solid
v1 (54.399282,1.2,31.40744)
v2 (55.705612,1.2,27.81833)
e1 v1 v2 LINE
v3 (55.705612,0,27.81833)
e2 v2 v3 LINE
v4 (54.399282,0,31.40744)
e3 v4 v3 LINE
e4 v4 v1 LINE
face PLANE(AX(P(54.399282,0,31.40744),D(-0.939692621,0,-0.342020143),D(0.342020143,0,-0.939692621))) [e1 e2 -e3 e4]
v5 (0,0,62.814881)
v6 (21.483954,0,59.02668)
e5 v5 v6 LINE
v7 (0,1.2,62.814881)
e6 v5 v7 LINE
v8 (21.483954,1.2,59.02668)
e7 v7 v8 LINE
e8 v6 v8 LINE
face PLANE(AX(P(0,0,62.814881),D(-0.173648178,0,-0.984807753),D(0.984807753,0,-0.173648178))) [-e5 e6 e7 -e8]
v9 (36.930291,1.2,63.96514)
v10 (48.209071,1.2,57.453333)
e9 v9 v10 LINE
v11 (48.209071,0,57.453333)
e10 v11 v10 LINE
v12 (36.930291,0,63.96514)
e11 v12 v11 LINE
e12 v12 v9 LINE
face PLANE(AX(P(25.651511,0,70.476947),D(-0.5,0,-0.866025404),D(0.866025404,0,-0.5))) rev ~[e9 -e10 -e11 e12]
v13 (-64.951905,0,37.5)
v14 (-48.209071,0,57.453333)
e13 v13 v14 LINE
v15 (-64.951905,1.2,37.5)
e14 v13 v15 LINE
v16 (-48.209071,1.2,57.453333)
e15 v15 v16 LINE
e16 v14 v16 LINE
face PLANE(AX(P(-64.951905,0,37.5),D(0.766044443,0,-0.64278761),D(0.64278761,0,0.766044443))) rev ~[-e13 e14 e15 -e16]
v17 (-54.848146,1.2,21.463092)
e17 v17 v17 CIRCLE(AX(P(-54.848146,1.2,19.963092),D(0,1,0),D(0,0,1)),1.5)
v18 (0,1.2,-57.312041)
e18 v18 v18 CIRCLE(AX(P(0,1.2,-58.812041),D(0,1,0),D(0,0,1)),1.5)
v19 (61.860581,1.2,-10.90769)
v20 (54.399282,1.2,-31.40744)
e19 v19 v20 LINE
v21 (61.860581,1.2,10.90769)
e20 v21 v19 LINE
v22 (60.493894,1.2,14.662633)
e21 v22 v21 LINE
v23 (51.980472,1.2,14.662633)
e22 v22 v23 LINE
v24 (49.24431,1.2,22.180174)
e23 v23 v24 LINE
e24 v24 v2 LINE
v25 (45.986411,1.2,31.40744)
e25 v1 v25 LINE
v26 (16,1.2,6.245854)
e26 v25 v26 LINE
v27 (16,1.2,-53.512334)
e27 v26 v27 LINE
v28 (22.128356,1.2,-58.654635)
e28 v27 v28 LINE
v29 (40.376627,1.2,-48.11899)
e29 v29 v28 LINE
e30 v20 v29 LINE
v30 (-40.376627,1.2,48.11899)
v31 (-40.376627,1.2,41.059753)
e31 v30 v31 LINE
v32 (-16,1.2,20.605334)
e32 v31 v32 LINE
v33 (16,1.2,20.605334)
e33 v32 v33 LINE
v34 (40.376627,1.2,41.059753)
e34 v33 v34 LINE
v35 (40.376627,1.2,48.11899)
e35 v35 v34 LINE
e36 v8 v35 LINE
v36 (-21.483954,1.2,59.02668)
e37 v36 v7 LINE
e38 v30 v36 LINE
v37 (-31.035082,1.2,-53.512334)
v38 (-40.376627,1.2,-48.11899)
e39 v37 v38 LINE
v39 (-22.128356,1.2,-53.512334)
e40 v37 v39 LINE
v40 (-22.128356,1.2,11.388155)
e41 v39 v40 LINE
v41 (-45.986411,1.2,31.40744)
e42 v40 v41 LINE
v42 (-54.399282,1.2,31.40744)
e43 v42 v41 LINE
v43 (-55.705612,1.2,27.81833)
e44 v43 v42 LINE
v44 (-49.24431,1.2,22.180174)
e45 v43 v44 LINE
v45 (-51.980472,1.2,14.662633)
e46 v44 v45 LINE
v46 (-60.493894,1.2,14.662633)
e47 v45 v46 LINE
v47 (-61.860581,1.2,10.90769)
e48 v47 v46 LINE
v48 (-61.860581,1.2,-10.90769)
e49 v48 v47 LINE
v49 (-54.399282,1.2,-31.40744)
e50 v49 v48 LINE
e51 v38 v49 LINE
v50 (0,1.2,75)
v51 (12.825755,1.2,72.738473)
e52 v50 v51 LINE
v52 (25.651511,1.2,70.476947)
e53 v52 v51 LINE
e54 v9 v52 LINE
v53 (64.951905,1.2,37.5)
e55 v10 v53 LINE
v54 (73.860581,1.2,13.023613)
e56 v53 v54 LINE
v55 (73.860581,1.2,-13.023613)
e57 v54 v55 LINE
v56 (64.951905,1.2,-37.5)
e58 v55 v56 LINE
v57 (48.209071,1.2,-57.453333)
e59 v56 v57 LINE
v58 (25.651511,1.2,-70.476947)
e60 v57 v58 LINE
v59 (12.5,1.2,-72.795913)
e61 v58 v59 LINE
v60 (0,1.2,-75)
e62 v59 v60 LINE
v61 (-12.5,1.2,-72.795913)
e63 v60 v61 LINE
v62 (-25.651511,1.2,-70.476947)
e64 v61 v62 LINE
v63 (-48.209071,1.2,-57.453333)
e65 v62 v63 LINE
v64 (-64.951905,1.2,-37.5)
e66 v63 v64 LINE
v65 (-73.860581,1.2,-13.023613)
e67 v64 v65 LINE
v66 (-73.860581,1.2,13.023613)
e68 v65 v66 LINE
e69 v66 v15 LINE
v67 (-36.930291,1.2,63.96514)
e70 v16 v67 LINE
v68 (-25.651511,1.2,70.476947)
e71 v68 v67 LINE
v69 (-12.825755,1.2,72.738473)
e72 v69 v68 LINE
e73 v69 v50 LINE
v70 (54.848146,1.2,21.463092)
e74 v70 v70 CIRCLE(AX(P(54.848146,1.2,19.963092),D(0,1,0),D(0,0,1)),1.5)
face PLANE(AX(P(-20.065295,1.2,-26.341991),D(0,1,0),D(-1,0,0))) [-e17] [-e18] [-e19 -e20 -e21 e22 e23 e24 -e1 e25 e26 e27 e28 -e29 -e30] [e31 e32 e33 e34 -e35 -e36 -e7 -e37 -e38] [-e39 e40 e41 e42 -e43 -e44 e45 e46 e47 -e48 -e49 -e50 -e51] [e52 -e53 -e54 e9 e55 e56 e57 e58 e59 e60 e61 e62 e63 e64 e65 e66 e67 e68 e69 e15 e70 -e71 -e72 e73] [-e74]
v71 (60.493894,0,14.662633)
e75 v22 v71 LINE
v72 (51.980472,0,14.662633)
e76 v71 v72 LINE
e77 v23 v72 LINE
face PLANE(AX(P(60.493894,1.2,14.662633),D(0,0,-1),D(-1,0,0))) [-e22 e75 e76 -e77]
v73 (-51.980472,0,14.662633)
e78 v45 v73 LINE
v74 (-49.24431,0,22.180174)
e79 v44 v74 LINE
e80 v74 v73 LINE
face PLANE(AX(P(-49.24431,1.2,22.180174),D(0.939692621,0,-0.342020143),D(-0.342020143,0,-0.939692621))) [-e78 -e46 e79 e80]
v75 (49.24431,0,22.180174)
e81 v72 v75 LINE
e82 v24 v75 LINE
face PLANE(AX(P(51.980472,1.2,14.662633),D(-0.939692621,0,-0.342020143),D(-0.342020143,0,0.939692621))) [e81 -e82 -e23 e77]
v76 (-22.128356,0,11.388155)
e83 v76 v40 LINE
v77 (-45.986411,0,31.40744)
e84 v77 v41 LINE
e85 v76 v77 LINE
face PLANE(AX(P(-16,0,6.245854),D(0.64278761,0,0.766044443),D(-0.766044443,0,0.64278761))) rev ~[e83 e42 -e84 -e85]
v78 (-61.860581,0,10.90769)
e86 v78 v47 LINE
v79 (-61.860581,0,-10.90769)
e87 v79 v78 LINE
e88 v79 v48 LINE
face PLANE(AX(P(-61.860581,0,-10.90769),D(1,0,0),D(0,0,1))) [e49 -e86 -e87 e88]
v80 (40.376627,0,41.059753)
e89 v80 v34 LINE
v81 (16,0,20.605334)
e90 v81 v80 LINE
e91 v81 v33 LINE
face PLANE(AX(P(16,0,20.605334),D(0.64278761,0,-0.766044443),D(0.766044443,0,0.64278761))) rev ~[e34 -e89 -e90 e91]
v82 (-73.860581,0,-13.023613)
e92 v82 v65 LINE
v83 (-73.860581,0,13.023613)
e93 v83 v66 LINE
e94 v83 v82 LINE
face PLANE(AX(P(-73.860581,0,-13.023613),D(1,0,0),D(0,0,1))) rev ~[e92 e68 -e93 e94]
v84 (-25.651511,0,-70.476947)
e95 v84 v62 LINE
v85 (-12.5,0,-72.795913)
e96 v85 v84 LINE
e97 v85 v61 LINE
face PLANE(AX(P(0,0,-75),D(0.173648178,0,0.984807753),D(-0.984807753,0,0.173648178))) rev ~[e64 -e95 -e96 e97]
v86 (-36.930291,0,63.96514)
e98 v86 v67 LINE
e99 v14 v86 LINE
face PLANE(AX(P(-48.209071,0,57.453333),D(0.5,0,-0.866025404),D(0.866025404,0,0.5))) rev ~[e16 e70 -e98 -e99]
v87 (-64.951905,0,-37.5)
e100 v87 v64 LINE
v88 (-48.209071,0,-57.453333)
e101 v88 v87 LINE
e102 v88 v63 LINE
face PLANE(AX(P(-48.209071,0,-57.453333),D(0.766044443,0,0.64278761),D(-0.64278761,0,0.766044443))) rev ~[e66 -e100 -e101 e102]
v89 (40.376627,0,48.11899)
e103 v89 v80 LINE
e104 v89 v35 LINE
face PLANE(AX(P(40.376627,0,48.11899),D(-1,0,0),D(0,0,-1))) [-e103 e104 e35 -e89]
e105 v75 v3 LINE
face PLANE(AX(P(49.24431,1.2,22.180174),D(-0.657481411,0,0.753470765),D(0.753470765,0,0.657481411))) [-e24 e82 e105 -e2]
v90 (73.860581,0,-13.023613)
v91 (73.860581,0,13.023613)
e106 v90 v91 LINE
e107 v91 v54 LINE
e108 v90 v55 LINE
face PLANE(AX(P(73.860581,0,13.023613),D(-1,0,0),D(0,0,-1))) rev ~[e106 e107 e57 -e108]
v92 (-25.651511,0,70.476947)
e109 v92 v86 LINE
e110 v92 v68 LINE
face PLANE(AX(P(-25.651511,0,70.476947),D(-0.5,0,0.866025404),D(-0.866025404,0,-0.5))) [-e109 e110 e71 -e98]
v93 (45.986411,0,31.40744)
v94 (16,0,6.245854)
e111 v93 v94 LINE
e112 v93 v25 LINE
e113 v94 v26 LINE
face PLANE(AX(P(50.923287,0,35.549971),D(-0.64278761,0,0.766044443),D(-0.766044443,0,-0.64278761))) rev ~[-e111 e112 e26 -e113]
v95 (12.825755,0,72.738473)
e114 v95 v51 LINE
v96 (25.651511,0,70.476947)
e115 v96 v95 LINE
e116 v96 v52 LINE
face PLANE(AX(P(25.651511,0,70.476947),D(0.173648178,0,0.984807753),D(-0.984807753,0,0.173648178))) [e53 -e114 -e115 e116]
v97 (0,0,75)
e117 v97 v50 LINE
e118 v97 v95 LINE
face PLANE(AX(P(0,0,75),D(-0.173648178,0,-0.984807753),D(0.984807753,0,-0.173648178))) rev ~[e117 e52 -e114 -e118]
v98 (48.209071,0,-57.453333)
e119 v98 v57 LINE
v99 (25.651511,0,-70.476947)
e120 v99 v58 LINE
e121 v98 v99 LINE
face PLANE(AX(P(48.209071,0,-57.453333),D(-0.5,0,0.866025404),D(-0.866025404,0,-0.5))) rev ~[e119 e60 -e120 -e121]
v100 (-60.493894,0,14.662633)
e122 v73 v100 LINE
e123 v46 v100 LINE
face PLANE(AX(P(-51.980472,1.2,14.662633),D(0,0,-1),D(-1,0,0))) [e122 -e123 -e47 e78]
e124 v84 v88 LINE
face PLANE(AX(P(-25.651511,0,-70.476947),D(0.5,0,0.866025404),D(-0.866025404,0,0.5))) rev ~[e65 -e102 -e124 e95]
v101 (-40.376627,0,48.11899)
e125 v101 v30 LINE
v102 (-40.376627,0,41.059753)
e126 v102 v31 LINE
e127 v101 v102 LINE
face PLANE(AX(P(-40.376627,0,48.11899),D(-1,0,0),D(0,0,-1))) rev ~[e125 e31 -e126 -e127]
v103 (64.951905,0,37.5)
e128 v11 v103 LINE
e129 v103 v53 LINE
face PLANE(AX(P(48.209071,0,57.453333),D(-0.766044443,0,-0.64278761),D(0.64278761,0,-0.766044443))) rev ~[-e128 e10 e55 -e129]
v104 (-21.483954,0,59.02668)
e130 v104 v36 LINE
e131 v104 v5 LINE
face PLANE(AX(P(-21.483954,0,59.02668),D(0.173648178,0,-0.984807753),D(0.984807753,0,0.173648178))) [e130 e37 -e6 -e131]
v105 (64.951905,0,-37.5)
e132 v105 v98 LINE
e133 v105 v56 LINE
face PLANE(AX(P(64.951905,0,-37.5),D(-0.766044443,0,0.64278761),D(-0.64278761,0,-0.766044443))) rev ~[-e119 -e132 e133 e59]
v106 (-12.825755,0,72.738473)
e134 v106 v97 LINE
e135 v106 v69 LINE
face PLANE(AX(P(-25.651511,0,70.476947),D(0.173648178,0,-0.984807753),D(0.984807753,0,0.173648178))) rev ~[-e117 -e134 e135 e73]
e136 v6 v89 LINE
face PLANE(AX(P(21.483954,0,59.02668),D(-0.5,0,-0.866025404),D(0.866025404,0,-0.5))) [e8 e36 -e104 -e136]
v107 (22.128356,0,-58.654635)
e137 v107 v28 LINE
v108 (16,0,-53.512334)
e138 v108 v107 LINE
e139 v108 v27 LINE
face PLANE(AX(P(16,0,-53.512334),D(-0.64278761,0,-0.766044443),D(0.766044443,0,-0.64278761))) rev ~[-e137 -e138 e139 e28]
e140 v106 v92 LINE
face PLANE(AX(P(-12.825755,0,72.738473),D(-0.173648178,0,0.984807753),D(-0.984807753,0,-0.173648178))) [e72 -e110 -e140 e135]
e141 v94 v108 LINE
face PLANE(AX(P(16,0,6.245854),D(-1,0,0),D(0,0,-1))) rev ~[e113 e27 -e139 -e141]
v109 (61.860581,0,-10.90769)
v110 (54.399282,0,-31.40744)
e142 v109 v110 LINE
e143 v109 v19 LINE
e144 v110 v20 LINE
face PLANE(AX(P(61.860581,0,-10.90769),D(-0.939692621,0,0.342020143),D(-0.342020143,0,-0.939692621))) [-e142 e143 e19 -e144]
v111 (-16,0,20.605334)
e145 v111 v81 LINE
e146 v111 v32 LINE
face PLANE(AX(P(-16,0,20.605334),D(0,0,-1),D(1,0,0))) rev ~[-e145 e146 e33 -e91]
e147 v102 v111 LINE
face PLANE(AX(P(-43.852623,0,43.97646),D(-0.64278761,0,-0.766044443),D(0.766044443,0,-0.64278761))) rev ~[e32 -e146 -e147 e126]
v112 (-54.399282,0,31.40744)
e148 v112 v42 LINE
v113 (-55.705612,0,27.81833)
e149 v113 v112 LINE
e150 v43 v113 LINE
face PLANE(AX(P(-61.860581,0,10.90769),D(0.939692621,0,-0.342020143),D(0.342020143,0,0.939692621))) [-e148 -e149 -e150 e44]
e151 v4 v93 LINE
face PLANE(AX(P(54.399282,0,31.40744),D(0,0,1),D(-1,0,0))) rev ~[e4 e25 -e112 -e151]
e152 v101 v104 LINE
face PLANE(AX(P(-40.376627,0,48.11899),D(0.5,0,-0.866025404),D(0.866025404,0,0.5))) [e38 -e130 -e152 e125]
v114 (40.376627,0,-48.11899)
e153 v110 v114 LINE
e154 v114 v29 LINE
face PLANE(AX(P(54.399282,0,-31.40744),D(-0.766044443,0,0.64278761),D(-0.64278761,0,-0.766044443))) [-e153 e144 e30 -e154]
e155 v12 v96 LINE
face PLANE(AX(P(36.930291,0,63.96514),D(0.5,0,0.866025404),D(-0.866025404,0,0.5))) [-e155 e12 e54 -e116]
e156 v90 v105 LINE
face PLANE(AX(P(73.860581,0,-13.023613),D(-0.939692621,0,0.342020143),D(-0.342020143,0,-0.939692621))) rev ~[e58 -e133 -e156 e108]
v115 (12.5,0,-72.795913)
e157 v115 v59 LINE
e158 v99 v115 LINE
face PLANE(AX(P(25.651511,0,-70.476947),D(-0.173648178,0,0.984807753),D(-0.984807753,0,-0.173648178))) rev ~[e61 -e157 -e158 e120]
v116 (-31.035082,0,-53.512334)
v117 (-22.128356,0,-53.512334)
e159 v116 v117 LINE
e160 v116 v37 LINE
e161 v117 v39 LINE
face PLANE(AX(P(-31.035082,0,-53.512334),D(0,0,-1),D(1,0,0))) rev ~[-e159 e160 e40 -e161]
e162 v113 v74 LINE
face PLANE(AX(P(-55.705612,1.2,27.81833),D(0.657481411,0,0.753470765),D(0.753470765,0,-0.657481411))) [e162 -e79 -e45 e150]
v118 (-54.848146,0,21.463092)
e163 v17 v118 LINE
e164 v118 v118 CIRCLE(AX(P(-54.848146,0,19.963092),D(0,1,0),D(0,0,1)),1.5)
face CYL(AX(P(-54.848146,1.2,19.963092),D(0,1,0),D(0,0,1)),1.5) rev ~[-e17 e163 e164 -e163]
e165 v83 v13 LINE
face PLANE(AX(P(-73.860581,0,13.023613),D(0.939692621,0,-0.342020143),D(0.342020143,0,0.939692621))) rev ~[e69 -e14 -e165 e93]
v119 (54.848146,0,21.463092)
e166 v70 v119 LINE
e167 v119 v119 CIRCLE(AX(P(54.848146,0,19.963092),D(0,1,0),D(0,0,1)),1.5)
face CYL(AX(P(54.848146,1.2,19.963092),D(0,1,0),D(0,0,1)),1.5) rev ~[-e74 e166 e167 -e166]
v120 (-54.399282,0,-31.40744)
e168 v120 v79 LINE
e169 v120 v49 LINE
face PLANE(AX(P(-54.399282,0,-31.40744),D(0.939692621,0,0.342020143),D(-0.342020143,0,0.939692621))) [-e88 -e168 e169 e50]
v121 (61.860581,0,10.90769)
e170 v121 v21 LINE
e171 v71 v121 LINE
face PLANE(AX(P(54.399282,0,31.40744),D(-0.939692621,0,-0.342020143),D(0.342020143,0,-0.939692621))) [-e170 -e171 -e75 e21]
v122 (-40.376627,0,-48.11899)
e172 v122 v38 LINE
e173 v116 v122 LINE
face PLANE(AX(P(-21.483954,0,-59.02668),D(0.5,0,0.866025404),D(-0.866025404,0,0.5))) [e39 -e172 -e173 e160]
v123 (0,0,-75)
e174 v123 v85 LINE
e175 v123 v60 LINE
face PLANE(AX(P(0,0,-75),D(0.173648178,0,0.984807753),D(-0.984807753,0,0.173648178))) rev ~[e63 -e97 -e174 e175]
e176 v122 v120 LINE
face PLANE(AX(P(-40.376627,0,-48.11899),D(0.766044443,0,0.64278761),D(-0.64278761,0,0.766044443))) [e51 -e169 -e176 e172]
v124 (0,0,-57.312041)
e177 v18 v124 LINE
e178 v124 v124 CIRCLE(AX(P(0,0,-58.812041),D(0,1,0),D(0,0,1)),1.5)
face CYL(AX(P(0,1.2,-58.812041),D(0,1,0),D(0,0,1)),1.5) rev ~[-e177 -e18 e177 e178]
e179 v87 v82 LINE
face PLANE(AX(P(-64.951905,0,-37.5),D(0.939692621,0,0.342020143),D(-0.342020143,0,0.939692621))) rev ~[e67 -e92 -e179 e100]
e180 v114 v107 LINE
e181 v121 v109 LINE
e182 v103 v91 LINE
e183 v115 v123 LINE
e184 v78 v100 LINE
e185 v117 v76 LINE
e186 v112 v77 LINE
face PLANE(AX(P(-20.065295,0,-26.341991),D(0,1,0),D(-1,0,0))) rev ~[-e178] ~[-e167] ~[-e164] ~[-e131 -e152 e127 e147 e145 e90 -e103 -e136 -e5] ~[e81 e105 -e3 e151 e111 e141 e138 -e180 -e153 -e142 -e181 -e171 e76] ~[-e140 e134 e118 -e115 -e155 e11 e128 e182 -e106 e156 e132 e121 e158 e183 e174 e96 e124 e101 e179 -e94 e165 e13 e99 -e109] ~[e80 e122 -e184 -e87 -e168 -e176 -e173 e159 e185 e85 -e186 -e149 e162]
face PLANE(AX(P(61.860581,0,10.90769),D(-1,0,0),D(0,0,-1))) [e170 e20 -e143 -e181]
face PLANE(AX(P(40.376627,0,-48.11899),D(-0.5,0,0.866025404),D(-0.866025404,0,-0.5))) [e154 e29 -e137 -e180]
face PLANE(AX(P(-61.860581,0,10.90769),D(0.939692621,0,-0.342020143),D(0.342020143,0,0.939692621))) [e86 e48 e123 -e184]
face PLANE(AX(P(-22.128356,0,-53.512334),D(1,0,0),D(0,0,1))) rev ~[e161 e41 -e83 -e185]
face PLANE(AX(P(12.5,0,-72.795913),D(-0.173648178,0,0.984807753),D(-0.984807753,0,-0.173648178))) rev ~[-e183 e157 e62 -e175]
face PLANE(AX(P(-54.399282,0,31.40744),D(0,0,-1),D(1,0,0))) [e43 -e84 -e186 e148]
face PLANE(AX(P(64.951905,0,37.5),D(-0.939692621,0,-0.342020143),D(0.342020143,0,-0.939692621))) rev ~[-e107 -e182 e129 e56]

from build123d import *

# Parameters (mm, degrees)
BOSS_EXTRUDE1_DEPTH    = 1.2
BOSS_EXTRUDE17_DEPTH   = 1.2
BOSS_EXTRUDE17_2_DEPTH = 1.2
BOSS_EXTRUDE17_3_DEPTH = 1.2
SKETCH18_W             = 18
SKETCH18_H             = 25
BOSS_EXTRUDE18_DEPTH   = 1.2
BOSS_EXTRUDE19_DEPTH   = 1.2
BOSS_EXTRUDE20_DEPTH   = 1.2
BOSS_EXTRUDE22_DEPTH   = 1.2
BOSS_EXTRUDE26_DEPTH   = 1.2
BOSS_EXTRUDE28_DEPTH   = 1.2
BOSS_EXTRUDE23_DEPTH   = 1.2
SKETCH38_R             = 1.5
CUT_EXTRUDE2_DEPTH     = 1.2
BOSS_EXTRUDE29_DEPTH   = 1.2
SKETCH37_R             = 1.5
CUT_EXTRUDE3_DEPTH     = 1.2
BOSS_EXTRUDE30_DEPTH   = 1.2
CUT_EXTRUDE4_DEPTH     = 1.2


with BuildPart() as part:
    # Sketch1 → Boss-Extrude1 (new body)
    with BuildSketch(Plane(origin=(0, 0, 0), x_dir=(1, 0, 0), z_dir=(0, 1, 0))):
        Polygon((0, 75), (-25.651510749, 70.476946559), (-48.209070726, 57.453333234), (-64.951905284, 37.5), (-73.860581476, 13.023613325), (-73.860581476, -13.023613325), (-64.951905284, -37.5), (-48.209070726, -57.453333234), (-25.651510749, -70.476946559), (0, -75), (25.651510749, -70.476946559), (48.209070726, -57.453333234), (64.951905284, -37.5), (73.860581476, -13.023613325), (73.860581476, 13.023613325), (64.951905284, 37.5), (48.209070726, 57.453333234), (25.651510749, 70.476946559), align=None)
        Polygon((0, 62.814880657), (-21.483954485, 59.026679829), (-40.37662699, 48.118990273), (-54.399282385, 31.407440329), (-61.860581476, 10.907689557), (-61.860581476, -10.907689557), (-54.399282385, -31.407440329), (-40.37662699, -48.118990273), (-21.483954485, -59.026679829), (0, -62.814880657), (21.483954485, -59.026679829), (40.37662699, -48.118990273), (54.399282385, -31.407440329), (61.860581476, -10.907689557), (61.860581476, 10.907689557), (54.399282385, 31.407440329), (40.37662699, 48.118990273), (21.483954485, 59.026679829), align=None, mode=Mode.SUBTRACT)
    extrude(amount=BOSS_EXTRUDE1_DEPTH)



with BuildPart() as body_2:
    # Sketch15 → Boss-Extrude17 (new body)
    with BuildSketch(Plane.XZ):
        Polygon((0, -101.401091909), (34.681215988, -95.285857807), (36.930290738, -93.987353894), (36.930290738, -84.749749587), (31.902845145, -87.652346653), (0, -93.277679014), (-31.902845145, -87.652346653), (-36.930290738, -84.749749587), (-36.930290738, -93.987353894), (-34.681215988, -95.285857807), align=None)
    extrude(amount=-BOSS_EXTRUDE17_DEPTH)


with BuildPart() as body_3:
    # Sketch15 → Boss-Extrude17 2 (new body)
    with BuildSketch(Plane.XZ):
        Polygon((92.620527368, -37.5), (99.860581476, -17.608114823), (99.860581476, 17.608114823), (92.620527368, 37.5), (84.107105188, 37.5), (91.860581476, 16.197498978), (91.860581476, -16.197498978), (84.107105188, -37.5), align=None)
    extrude(amount=-BOSS_EXTRUDE17_2_DEPTH)


with BuildPart() as body_4:
    # Sketch15 → Boss-Extrude17 3 (new body)
    with BuildSketch(Plane.XZ):
        Polygon((-92.620527368, 37.5), (-99.860581476, 17.608114823), (-99.860581476, -17.608114823), (-92.620527368, -37.5), (-84.107105188, -37.5), (-91.860581476, -16.197498978), (-91.860581476, 16.197498978), (-84.107105188, 37.5), align=None)
    extrude(amount=-BOSS_EXTRUDE17_3_DEPTH)


with BuildPart() as part_1:
    add(part.part)

    add(body_2.part)  # Boss-Extrude18 merges body 2

    add(body_3.part)  # Boss-Extrude18 merges body 3

    add(body_4.part)  # Boss-Extrude18 merges body 4
    # Sketch18 → Boss-Extrude18 (add)
    with BuildSketch(Plane.XZ):
        with Locations((-82.860581476, 0)):
            Rectangle(SKETCH18_W, SKETCH18_H)
        with Locations((82.860581476, 0)):
            Rectangle(SKETCH18_W, SKETCH18_H)
        Polygon((-12.5, -72.795912741), (-12.5, -91.073591755), (0, -93.277679014), (12.5, -91.073591755), (12.5, -72.795912741), (0, -75), align=None)
    extrude(amount=-BOSS_EXTRUDE18_DEPTH)

    # Sketch19 → Boss-Extrude19 (add)
    with BuildSketch(Plane.XZ):
        Polygon((-91.860581476, 16.197498978), (-82.860581476, 12.5), (-91.860581476, 12.5), align=None)
        Polygon((-91.860581476, -16.197498978), (-82.860581476, -12.5), (-91.860581476, -12.5), align=None)
        Polygon((91.860581476, 16.197498978), (82.860581476, 12.5), (91.860581476, 12.5), align=None)
        Polygon((91.860581476, -16.197498978), (82.860581476, -12.5), (91.860581476, -12.5), align=None)
        Polygon((22.201422573, -89.362969204), (12.5, -81.934752248), (12.5, -91.073591755), align=None)
        Polygon((-12.5, -81.934752248), (-12.5, -91.073591755), (-22.201422573, -89.362969204), align=None)
    extrude(amount=-BOSS_EXTRUDE19_DEPTH)

    # Sketch20 → Boss-Extrude20 (add)
    with BuildSketch(Plane.XZ):
        Polygon((-36.930290738, 63.965139896), (-36.930290738, 91.965139896), (-32.052421992, 91.965139896), (-12.825755375, 72.738473279), (-25.651510749, 70.476946559), align=None)
        Polygon((36.930290738, 63.965139896), (36.930290738, 91.965139896), (32.052421992, 91.965139896), (12.825755375, 72.738473279), (25.651510749, 70.476946559), align=None)
    extrude(amount=-BOSS_EXTRUDE20_DEPTH)

    # Sketch24 → Boss-Extrude22 (add)
    with BuildSketch(Plane(origin=(0, 1.2, 0), x_dir=(1, 0, 0), z_dir=(0, 1, 0))):
        Polygon((-36.930290738, 93.987353894), (-36.930290738, 80.130947434), (-30.513659724, 83.835591077), (-17.889679207, 86.061539446), (17.889679207, 86.061539446), (30.513659724, 83.835591077), (36.930290738, 80.130947434), (36.930290738, 93.987353894), (34.681215988, 95.285857807), (0, 101.401091909), (-34.681215988, 95.285857807), align=None)
    extrude(amount=-BOSS_EXTRUDE22_DEPTH)

    # Sketch27 → Boss-Extrude26 (add)
    with BuildSketch(Plane.XZ):
        Polygon((-50.923286541, 35.549970864), (-43.852622834, 43.976459738), (-16, 20.60533419), (16, 20.60533419), (43.852622834, 43.976459738), (50.923286541, 35.549970864), (16, 6.245854008), (16, -59.993648966), (0, -62.814880657), (-16, -59.993648966), (-16, 6.245854008), align=None)
    extrude(amount=-BOSS_EXTRUDE26_DEPTH)

    # Sketch43 → Boss-Extrude28 (add)
    with BuildSketch(Plane.XZ):
        Polygon((-40.37662699, 48.118990273), (-40.37662699, 41.059752907), (-43.852622834, 43.976459738), align=None)
        Polygon((40.37662699, 48.118990273), (40.37662699, 41.059752907), (43.852622834, 43.976459738), align=None)
        Polygon((54.399282385, 31.407440329), (45.986410894, 31.407440329), (50.923286541, 35.549970864), align=None)
        Polygon((-54.399282385, 31.407440329), (-45.986410894, 31.407440329), (-50.923286541, 35.549970864), align=None)
        Polygon((-22.128355545, -58.654634704), (-16, -53.512333827), (-16, -59.993648966), (-21.483954485, -59.026679829), align=None)
        Polygon((16, -59.993648966), (16, -53.512333827), (22.128355545, -58.654634704), (21.483954485, -59.026679829), align=None)
    extrude(amount=-BOSS_EXTRUDE28_DEPTH)

    # Sketch26 → Boss-Extrude23 (add)
    with BuildSketch(Plane(origin=(0, 1.2, 0), x_dir=(1, 0, 0), z_dir=(0, 1, 0))):
        Polygon((-36.930290738, 93.987353894), (-45.930290738, 88.791201472), (-45.930290738, 74.934795011), (-36.930290738, 80.130947434), align=None)
        Polygon((36.930290738, 93.987353894), (45.930290738, 88.791201472), (45.930290738, 74.934795011), (36.930290738, 80.130947434), align=None)
    extrude(amount=-BOSS_EXTRUDE23_DEPTH)

    # Sketch38 → Cut-Extrude2 (cut)
    with BuildSketch(Plane(origin=(0, 1.2, 0), x_dir=(1, 0, 0), z_dir=(0, 1, 0))):
        with Locations(Location((0, 58.81204127, 0), (0, 0, 270))):
            Circle(SKETCH38_R)
    extrude(amount=-CUT_EXTRUDE2_DEPTH, mode=Mode.SUBTRACT)

    # Sketch34 → Boss-Extrude29 (add)
    with BuildSketch(Plane(origin=(0, 1.2, 0), x_dir=(1, 0, 0), z_dir=(0, 1, 0))):
        Polygon((-60.493893717, -14.662633313), (-55.705611711, -27.818330004), (-49.244310391, -22.180174279), (-50.612390964, -18.421403796), (-51.980471537, -14.662633313), align=None)
        Polygon((50.612390964, -18.421403796), (49.244310391, -22.180174279), (55.705611711, -27.818330004), (60.493893717, -14.662633313), (51.980471537, -14.662633313), align=None)
    extrude(amount=-BOSS_EXTRUDE29_DEPTH)

    # Sketch37 → Cut-Extrude3 (cut)
    with BuildSketch(Plane(origin=(0, 1.2, 0), x_dir=(1, 0, 0), z_dir=(0, 1, 0))):
        with Locations(Location((-54.84814578, -19.96309247, 0), (0, 0, 270))):
            Circle(SKETCH37_R)
        with Locations(Location((54.84814578, -19.96309247, 0), (0, 0, 270))):
            Circle(SKETCH37_R)
    extrude(amount=-CUT_EXTRUDE3_DEPTH, mode=Mode.SUBTRACT)

    # Sketch44 → Boss-Extrude30 (add)
    with BuildSketch(Plane.XZ):
        Polygon((-22.128355545, 11.388154885), (-16, 6.245854008), (-16, -53.512333827), (-22.128355545, -58.654634704), (-31.035081933, -53.512333827), (-22.128355545, -53.512333827), align=None)
    extrude(amount=-BOSS_EXTRUDE30_DEPTH)

    # Sketch46 → Cut-Extrude4 (cut)
    with BuildSketch(Plane.XZ):
        Polygon((-73.860581476, -13.023613325), (-84.107105188, -37.5), (-92.620527368, -37.5), (-99.860581476, -17.608114823), (-99.860581476, 17.608114823), (-92.620527368, 37.5), (-84.107105188, 37.5), (-73.860581476, 12.5), align=None)
        Polygon((73.860581476, 12.5), (84.107105188, 37.5), (92.620527368, 37.5), (99.860581476, 17.608114823), (99.860581476, -17.608114823), (92.620527368, -37.5), (84.107105188, -37.5), (73.860581476, -12.5), align=None)
        Polygon((-12.5, -72.795912741), (-45.930290738, -74.934795011), (-45.930290738, -88.791201472), (-34.681215988, -95.285857807), (0, -101.401091909), (34.681215988, -95.285857807), (45.930290738, -88.791201472), (45.930290738, -74.934795011), (12.5, -72.795912741), (0, -75), align=None)
        Polygon((-36.930290738, 63.965139896), (-36.930290738, 91.965139896), (-32.052421992, 91.965139896), (-12.825755375, 72.738473279), (-25.651510749, 70.476946559), align=None)
        Polygon((12.825755375, 72.738473279), (32.052421992, 91.965139896), (36.930290738, 91.965139896), (36.930290738, 63.965139896), (25.651510749, 70.476946559), align=None)
    extrude(amount=-CUT_EXTRUDE4_DEPTH, mode=Mode.SUBTRACT)


solid = part_1.part
